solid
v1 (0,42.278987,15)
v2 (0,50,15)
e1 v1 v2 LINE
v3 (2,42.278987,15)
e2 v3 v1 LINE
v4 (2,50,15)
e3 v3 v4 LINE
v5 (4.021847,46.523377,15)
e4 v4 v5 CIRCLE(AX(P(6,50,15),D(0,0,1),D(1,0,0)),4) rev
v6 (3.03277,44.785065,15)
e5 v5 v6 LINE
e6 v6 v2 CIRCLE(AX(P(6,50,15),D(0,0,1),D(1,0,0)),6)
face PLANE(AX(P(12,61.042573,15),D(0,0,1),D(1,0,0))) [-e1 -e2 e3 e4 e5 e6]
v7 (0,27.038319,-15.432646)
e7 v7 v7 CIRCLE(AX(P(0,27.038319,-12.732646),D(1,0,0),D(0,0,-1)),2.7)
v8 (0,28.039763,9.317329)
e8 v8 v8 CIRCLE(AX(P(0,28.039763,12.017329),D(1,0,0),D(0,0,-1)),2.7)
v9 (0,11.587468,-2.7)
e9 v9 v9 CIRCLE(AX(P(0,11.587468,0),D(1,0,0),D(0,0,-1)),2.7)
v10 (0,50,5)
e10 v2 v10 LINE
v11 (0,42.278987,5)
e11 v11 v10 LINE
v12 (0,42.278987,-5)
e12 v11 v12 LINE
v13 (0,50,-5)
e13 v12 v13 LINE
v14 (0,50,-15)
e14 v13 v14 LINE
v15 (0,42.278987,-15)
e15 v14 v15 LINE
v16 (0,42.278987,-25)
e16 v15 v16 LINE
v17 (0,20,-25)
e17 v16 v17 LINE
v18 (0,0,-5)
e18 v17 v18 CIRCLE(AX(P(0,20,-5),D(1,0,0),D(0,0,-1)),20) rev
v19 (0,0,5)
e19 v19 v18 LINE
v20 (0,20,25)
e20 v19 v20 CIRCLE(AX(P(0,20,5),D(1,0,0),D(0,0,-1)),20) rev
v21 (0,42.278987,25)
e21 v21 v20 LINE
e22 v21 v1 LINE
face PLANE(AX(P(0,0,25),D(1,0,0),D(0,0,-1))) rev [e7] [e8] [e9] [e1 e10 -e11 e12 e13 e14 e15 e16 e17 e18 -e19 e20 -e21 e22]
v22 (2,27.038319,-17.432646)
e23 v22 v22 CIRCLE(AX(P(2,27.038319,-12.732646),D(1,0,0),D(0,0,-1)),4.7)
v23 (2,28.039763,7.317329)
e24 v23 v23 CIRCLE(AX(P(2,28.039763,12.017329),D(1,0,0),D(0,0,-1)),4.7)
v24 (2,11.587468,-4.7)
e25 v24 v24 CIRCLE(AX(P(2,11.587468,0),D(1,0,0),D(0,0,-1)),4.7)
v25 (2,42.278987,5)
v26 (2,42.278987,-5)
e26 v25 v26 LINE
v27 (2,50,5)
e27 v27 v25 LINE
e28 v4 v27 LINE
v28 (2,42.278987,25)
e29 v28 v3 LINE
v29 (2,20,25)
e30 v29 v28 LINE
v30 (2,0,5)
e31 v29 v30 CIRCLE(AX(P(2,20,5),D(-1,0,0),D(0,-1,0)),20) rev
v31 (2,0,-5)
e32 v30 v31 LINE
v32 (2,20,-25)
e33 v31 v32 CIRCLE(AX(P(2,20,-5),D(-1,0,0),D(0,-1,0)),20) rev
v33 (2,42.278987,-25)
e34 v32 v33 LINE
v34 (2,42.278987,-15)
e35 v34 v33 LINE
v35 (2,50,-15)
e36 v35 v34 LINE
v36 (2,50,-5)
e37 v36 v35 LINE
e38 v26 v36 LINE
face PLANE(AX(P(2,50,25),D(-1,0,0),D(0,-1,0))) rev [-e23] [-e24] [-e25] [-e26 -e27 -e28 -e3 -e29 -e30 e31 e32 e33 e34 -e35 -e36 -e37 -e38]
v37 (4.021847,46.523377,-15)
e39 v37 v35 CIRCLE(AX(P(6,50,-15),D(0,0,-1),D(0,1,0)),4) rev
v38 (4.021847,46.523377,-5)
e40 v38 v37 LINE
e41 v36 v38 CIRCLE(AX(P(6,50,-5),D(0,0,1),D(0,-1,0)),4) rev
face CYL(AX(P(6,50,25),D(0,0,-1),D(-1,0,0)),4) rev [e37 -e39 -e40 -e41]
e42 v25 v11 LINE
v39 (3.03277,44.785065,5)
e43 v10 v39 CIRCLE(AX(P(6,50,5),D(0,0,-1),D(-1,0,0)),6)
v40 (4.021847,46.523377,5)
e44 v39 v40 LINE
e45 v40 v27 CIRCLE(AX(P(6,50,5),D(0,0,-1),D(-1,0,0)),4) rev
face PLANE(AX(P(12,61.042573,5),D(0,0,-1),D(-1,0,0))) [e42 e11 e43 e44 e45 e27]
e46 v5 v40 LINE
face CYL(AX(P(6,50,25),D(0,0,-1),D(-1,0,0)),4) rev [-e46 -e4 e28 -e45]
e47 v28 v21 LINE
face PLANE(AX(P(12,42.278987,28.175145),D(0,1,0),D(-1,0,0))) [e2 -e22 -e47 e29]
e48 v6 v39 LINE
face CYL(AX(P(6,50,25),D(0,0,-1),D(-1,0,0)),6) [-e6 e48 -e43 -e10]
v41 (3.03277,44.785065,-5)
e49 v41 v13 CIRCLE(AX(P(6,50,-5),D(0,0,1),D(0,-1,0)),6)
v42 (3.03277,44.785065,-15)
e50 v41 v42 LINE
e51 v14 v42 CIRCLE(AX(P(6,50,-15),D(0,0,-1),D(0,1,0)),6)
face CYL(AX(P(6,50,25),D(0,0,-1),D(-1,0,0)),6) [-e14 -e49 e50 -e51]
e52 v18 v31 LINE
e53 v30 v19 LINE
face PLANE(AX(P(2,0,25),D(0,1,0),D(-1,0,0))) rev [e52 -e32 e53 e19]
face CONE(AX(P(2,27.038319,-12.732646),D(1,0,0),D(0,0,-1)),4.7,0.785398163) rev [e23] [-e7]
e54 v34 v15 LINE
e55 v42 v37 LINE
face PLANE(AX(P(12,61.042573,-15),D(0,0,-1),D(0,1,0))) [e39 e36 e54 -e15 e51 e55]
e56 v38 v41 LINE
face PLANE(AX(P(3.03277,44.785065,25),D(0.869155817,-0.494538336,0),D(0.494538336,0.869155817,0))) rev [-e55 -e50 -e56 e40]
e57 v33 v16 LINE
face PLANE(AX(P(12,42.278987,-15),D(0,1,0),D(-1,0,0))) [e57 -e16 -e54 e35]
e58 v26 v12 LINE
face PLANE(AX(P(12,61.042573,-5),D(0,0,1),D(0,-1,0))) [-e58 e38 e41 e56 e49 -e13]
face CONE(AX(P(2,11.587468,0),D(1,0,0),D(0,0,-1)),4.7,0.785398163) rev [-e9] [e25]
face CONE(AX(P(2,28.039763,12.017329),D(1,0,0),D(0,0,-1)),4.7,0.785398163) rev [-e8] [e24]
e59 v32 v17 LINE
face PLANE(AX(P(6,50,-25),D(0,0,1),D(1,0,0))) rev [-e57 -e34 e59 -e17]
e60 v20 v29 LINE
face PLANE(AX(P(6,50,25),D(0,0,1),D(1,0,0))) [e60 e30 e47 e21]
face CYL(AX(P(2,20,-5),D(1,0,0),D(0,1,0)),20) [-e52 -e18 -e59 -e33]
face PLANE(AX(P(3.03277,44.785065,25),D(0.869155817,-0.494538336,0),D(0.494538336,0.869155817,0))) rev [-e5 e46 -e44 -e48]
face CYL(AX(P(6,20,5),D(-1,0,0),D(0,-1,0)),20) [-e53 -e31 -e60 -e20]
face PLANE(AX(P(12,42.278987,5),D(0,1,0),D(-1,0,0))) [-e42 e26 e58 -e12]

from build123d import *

# Parameters (mm, degrees)
BOSS_EXTRUDE1_DEPTH                          = 25
SKETCH2_W                                    = 13.175144841
SKETCH2_H                                    = 18.76358654
SKETCH2_W_2                                  = 10
SKETCH2_W_3                                  = 19.622994234
CUT_EXTRUDE1_DEPTH                           = 11
CUT_EXTRUDE1_DEPTH_BACK                      = 3
FILLET1_R                                    = 20
CSK_FOR_M4_COUNTERSUNK_FLAT_HEAD_SCR_2_COUNT = 2
CSK_FOR_M4_COUNTERSUNK_FLAT_HEAD_SCR_2_PITCH = 20.373860658
CSK_FOR_M4_COUNTERSUNK_FLAT_HEAD_SCR_3_COUNT = 2
CSK_FOR_M4_COUNTERSUNK_FLAT_HEAD_SCR_3_PITCH = 20.021215351


with BuildPart() as part:
    # Sketch1 → Boss-Extrude1 (new body, symmetric)
    with BuildSketch(Plane.XY):
        with BuildLine():
            Line((0, 0), (0, 50))
            ThreePointArc((0, 50), (11.186683916, 53.016340491), (3.032769985, 44.785065097))
            Line((3.032769985, 44.785065097), (4.021846657, 46.523376732))
            ThreePointArc((4.021846657, 46.523376732), (9.457789277, 52.01089366), (2, 50))
            Line((2, 50), (2, 0))
            Line((2, 0), (0, 0))
        make_face()
    extrude(amount=BOSS_EXTRUDE1_DEPTH, both=True)

    # Sketch2 → Cut-Extrude1 (cut, two sides)
    with BuildSketch(Plane(origin=(2, 0, 0), x_dir=(0, 0, -1), z_dir=(1, 0, 0))) as cut_extrude1_sk:
        with Locations((-21.587572421, 51.660780085)):
            Rectangle(SKETCH2_W, SKETCH2_H)
        with Locations((0, 51.660780085)):
            Rectangle(SKETCH2_W_2, SKETCH2_H)
        with Locations((24.811497117, 51.660780085)):
            Rectangle(SKETCH2_W_3, SKETCH2_H)
    extrude(amount=CUT_EXTRUDE1_DEPTH, mode=Mode.SUBTRACT)
    extrude(cut_extrude1_sk.sketch, amount=-CUT_EXTRUDE1_DEPTH_BACK, mode=Mode.SUBTRACT)

    # Fillet1
    fillet1_edges = [part.edges().sort_by_distance(p)[0] for p in [
        (1, 0, 25),
        (1, 0, -25),
    ]]
    fillet(fillet1_edges, radius=FILLET1_R)

    # Sketch4 → CSK for M4 Countersunk Flat Head Screw1 (revolve, cut)
    with BuildSketch(Plane(origin=(2, 11.587467643, 0), x_dir=(0, 0, -1), z_dir=(0, 1, 0))):
        Polygon((0, 0), (0, 2), (2.25, 2), (2.25, 2.45), (4.7, 0), align=None)
    csk_for_m4_countersunk_flat_head_screw1 = revolve(axis=Axis((8.35, 11.587467643, 0), (-1, 0, 0)), mode=Mode.SUBTRACT)

    # CSK for M4 Countersunk Flat Head Scr 2: CSK for M4 Countersunk Flat Head Screw1 ×2
    with Locations(*[Vector(0, 0.807519759, 0.58984052) * (i * CSK_FOR_M4_COUNTERSUNK_FLAT_HEAD_SCR_2_PITCH) for i in range(1, CSK_FOR_M4_COUNTERSUNK_FLAT_HEAD_SCR_2_COUNT)]):
        add(csk_for_m4_countersunk_flat_head_screw1, mode=Mode.SUBTRACT)

    # CSK for M4 Countersunk Flat Head Scr 3: CSK for M4 Countersunk Flat Head Screw1 ×2
    with Locations(*[Vector(0, 0.77172393, -0.635957683) * (i * CSK_FOR_M4_COUNTERSUNK_FLAT_HEAD_SCR_3_PITCH) for i in range(1, CSK_FOR_M4_COUNTERSUNK_FLAT_HEAD_SCR_3_COUNT)]):
        add(csk_for_m4_countersunk_flat_head_screw1, mode=Mode.SUBTRACT)


solid = part.part
